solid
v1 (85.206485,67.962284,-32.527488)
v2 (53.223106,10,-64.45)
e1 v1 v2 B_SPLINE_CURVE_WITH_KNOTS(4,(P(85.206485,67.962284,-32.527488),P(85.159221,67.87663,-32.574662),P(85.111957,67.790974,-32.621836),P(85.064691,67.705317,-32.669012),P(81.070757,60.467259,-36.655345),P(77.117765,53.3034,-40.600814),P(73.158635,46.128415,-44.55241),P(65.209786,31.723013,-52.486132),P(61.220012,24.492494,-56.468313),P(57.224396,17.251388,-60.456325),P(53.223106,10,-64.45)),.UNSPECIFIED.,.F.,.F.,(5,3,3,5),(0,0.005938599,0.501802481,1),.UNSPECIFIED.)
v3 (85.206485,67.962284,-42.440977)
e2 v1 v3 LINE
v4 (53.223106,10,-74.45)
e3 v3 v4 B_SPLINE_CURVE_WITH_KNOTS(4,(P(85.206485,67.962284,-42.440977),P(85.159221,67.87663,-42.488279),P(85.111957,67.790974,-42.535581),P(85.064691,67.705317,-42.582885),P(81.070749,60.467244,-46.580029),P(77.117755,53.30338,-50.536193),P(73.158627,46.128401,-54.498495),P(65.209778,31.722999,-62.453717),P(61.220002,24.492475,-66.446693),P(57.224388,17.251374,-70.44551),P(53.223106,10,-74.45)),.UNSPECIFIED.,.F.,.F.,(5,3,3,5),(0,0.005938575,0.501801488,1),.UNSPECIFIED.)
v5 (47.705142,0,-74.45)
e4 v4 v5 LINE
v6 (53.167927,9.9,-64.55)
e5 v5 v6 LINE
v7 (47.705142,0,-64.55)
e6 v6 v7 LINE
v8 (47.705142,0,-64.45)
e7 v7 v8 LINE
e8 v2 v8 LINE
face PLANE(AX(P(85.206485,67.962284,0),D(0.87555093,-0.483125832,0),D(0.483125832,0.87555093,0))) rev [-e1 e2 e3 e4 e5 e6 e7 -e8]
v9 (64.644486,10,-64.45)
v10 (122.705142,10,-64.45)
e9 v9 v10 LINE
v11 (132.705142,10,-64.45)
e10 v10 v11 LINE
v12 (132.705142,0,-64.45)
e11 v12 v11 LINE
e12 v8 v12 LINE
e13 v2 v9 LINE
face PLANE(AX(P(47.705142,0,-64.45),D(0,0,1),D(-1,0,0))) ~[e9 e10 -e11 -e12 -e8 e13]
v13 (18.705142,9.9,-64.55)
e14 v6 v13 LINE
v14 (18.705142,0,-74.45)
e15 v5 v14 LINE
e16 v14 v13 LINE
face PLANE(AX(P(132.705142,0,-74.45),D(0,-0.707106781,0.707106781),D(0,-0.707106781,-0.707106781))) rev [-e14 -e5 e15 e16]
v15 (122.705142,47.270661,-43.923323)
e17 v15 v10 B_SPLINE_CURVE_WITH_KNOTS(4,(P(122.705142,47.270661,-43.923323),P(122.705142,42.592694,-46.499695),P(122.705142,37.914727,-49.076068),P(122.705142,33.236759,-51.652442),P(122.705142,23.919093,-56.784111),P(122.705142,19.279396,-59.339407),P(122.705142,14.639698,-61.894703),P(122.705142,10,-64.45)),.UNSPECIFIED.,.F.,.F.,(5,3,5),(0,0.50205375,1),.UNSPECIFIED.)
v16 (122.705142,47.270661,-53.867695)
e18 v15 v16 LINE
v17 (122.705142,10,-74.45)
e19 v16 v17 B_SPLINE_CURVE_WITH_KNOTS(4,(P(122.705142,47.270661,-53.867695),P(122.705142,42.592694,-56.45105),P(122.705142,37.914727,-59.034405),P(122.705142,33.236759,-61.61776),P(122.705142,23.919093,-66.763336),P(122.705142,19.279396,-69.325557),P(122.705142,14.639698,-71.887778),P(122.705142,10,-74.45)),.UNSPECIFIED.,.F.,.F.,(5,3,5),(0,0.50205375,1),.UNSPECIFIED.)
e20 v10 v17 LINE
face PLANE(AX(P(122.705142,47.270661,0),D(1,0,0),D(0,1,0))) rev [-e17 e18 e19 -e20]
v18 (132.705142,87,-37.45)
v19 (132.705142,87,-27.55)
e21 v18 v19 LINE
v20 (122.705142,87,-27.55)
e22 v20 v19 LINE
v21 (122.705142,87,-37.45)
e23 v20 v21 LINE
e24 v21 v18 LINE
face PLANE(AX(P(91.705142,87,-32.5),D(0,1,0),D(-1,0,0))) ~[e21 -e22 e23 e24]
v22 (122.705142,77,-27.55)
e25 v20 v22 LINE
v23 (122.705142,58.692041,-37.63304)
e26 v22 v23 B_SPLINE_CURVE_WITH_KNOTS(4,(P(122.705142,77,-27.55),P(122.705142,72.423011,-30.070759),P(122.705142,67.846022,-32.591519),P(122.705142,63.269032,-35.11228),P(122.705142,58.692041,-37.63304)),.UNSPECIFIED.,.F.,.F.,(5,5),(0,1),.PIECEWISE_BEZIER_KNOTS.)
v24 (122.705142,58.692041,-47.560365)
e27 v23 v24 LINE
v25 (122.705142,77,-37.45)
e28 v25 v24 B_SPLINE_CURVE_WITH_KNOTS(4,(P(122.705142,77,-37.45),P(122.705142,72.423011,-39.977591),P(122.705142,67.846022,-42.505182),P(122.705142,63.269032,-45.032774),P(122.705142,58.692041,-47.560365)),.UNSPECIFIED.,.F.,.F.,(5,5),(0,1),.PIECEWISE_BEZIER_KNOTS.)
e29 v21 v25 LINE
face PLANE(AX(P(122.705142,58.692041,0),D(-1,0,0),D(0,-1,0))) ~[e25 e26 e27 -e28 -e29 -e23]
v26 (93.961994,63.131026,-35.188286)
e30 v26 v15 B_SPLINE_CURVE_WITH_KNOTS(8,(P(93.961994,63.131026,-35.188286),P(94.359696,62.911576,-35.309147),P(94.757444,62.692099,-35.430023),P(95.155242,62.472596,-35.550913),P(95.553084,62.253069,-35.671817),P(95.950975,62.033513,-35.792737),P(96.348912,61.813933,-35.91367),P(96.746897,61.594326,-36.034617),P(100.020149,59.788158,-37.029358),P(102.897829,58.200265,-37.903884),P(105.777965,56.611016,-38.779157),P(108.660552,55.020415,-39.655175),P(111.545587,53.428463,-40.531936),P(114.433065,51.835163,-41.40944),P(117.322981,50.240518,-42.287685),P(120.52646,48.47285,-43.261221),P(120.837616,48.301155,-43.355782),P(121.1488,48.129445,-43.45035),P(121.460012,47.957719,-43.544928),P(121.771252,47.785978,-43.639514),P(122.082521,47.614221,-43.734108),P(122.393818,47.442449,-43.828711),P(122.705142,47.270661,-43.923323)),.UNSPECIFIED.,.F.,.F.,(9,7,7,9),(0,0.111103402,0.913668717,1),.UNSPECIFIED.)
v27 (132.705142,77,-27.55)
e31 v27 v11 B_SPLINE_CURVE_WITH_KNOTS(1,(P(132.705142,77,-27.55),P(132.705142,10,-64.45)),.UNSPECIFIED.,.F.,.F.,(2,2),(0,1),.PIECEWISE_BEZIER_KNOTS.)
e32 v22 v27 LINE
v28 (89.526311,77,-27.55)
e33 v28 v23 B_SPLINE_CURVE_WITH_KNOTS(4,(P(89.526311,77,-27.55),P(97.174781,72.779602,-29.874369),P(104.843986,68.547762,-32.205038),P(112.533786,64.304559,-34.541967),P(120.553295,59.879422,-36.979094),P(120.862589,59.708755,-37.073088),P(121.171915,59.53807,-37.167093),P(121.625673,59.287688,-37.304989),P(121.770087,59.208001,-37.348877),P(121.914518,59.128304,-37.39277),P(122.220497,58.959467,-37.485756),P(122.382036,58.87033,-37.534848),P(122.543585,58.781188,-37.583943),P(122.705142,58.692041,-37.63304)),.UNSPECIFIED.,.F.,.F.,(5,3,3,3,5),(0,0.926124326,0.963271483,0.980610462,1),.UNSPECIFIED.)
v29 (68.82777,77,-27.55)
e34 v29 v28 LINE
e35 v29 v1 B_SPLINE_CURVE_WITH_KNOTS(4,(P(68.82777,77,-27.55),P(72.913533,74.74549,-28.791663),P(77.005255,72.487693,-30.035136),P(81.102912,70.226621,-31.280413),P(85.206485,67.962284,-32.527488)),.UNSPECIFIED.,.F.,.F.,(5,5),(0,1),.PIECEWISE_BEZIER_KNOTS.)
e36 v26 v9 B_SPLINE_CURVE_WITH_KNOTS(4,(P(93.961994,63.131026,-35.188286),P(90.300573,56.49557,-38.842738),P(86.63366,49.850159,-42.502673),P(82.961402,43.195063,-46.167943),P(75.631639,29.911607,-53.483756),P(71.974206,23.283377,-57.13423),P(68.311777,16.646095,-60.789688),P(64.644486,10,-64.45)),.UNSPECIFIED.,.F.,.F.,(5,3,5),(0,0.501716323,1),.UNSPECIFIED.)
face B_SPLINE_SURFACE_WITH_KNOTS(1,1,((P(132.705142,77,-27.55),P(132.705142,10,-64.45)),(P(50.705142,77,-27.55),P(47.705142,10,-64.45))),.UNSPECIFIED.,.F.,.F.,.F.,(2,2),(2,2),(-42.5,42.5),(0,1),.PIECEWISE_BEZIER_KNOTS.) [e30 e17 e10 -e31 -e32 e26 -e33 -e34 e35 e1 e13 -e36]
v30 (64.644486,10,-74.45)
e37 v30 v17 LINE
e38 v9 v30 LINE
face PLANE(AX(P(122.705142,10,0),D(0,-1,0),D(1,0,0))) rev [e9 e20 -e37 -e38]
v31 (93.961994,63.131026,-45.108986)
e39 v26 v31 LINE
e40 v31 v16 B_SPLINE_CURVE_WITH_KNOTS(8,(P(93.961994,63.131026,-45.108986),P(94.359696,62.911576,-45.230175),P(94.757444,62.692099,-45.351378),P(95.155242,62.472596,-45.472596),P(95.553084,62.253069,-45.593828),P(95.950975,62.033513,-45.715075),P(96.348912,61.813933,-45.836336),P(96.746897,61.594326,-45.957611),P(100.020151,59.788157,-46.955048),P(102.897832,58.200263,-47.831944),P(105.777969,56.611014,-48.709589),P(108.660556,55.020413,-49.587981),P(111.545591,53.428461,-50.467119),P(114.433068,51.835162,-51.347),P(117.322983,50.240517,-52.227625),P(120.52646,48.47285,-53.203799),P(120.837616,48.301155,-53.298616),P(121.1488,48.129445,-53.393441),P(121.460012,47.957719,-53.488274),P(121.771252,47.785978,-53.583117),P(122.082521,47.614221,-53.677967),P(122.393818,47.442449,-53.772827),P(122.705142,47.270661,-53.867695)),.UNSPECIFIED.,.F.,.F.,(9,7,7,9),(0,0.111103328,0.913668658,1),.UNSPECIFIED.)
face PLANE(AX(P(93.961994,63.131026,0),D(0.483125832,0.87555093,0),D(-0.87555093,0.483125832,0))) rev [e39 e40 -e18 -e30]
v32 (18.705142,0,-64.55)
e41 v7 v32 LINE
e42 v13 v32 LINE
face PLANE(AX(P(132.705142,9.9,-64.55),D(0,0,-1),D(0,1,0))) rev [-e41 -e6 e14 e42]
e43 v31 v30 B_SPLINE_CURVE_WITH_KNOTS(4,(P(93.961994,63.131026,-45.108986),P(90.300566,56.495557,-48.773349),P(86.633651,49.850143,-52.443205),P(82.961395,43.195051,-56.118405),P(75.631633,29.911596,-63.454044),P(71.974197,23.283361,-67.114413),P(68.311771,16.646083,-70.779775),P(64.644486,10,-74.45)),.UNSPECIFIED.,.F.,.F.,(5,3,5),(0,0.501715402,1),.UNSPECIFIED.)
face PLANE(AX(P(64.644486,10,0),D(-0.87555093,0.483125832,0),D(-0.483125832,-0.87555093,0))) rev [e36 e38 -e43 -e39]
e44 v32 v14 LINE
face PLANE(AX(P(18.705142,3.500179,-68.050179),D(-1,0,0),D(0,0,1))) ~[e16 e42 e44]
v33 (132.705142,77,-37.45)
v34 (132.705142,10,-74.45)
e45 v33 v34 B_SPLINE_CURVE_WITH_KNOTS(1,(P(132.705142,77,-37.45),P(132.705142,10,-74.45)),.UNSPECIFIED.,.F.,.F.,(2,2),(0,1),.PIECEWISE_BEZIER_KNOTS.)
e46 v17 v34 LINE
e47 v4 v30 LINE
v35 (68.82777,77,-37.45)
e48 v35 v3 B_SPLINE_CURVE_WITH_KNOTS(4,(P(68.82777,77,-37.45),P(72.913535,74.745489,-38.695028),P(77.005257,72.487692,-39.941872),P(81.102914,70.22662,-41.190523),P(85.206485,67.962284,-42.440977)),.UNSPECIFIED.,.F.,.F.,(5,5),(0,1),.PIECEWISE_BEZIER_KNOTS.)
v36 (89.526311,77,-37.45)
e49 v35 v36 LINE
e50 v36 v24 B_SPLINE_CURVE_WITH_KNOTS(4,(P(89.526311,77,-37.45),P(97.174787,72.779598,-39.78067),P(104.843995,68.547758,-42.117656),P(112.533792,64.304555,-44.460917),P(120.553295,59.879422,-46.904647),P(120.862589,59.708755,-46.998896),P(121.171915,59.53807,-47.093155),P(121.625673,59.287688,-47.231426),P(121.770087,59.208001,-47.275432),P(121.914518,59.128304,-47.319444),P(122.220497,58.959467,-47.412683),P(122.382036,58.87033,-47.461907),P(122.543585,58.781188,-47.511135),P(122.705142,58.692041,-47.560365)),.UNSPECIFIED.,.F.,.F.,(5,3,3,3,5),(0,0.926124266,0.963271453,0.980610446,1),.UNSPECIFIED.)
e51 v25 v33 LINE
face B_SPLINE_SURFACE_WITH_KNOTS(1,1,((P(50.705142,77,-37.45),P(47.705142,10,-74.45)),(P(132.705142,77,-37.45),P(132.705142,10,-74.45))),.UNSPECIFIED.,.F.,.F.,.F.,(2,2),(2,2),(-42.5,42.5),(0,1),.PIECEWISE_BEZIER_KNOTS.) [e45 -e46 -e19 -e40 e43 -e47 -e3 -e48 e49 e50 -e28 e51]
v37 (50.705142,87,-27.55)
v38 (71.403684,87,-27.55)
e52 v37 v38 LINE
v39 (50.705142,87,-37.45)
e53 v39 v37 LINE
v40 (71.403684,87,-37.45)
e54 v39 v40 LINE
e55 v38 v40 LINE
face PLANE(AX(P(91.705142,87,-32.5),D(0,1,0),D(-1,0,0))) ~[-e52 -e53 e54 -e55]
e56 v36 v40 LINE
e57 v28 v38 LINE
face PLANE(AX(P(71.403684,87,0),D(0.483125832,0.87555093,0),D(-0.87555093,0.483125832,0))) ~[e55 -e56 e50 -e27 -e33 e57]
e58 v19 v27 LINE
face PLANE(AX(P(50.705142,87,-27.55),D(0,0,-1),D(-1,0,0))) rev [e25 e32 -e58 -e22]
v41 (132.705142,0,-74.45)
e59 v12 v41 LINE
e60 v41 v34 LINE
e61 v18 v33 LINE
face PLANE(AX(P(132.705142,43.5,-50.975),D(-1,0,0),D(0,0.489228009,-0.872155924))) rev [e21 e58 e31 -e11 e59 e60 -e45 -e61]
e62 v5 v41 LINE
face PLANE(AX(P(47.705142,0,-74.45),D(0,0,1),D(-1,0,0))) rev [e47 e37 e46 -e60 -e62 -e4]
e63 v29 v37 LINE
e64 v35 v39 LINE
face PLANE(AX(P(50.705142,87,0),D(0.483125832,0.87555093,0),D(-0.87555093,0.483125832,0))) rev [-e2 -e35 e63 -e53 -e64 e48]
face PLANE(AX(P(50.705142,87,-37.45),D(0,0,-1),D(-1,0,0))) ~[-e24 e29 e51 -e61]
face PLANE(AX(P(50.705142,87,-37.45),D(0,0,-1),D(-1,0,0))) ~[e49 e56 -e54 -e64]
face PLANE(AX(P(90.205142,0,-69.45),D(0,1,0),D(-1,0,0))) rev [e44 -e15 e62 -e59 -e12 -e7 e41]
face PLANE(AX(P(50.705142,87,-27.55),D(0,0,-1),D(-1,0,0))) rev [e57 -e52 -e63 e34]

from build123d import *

# Parameters (mm, degrees)
SKETCH8_W               = 85
SKETCH8_H               = 10
BOSS_EXTRUDE4_DEPTH     = 10
SKETCH9_W               = 82
SKETCH9_H               = 9.9
BOSS_EXTRUDE5_DEPTH     = 10
CUT_EXTRUDE2_DEPTH      = 176.278228509
CUT_EXTRUDE2_DEPTH_BACK = 176.278228509
BOSS_EXTRUDE6_DEPTH     = 114


with BuildPart() as part:
    # Sketch8 → Boss-Extrude4 (new body)
    with BuildSketch(Plane(origin=(0, 0, 0), x_dir=(1, 0, 0), z_dir=(0, 1, 0))):
        with Locations((90.205142442, -69.45)):
            Rectangle(SKETCH8_W, SKETCH8_H)
    extrude(amount=BOSS_EXTRUDE4_DEPTH)


with BuildPart() as body_2:
    # Sketch9 → Boss-Extrude5 (new body)
    with BuildSketch(Plane(origin=(0, 87, 0), x_dir=(1, 0, 0), z_dir=(0, 1, 0))):
        with Locations((91.705142442, -32.5)):
            Rectangle(SKETCH9_W, SKETCH9_H)
    extrude(amount=-BOSS_EXTRUDE5_DEPTH)


    add(part.part)  # loft1 joins it to this body
    # loft from a face of the part (loft1)
    loft([body_2.faces().sort_by_distance((91.705142442, 77, 32.5))[0], body_2.faces().sort_by_distance((90.205142442, 10, 69.45))[0]])

    # Sketch1 → Cut-Extrude2 (cut, two sides)
    with BuildSketch(Plane.XY) as cut_extrude2_sk:
        Polygon((122.705142442, 87), (71.403683768, 87), (122.705142442, 58.6920409), align=None)
        Polygon((64.644486366, 10), (93.961994057, 63.13102594), (122.705142442, 47.270660759), (122.705142442, 10), align=None)
        Polygon((47.705142442, 0), (40.860670667, 0), (50.705142442, 87), (85.206484761, 67.96228426), align=None)
    extrude(amount=CUT_EXTRUDE2_DEPTH, mode=Mode.SUBTRACT)
    extrude(cut_extrude2_sk.sketch, amount=-CUT_EXTRUDE2_DEPTH_BACK, mode=Mode.SUBTRACT)

    # Sketch10 → Boss-Extrude6 (add)
    with BuildSketch(Plane(origin=(132.705142442, 0, 0), x_dir=(0, 0, -1), z_dir=(1, 0, 0))):
        Polygon((-64.55, 9.9), (-64.55, 0), (-74.45, 0), align=None)
    extrude(amount=-BOSS_EXTRUDE6_DEPTH)


with BuildPart() as body_2_2:
    # Mirror9: mirrored copy
    add(body_2.part.mirror(Plane.XY))


solid = body_2_2.part
